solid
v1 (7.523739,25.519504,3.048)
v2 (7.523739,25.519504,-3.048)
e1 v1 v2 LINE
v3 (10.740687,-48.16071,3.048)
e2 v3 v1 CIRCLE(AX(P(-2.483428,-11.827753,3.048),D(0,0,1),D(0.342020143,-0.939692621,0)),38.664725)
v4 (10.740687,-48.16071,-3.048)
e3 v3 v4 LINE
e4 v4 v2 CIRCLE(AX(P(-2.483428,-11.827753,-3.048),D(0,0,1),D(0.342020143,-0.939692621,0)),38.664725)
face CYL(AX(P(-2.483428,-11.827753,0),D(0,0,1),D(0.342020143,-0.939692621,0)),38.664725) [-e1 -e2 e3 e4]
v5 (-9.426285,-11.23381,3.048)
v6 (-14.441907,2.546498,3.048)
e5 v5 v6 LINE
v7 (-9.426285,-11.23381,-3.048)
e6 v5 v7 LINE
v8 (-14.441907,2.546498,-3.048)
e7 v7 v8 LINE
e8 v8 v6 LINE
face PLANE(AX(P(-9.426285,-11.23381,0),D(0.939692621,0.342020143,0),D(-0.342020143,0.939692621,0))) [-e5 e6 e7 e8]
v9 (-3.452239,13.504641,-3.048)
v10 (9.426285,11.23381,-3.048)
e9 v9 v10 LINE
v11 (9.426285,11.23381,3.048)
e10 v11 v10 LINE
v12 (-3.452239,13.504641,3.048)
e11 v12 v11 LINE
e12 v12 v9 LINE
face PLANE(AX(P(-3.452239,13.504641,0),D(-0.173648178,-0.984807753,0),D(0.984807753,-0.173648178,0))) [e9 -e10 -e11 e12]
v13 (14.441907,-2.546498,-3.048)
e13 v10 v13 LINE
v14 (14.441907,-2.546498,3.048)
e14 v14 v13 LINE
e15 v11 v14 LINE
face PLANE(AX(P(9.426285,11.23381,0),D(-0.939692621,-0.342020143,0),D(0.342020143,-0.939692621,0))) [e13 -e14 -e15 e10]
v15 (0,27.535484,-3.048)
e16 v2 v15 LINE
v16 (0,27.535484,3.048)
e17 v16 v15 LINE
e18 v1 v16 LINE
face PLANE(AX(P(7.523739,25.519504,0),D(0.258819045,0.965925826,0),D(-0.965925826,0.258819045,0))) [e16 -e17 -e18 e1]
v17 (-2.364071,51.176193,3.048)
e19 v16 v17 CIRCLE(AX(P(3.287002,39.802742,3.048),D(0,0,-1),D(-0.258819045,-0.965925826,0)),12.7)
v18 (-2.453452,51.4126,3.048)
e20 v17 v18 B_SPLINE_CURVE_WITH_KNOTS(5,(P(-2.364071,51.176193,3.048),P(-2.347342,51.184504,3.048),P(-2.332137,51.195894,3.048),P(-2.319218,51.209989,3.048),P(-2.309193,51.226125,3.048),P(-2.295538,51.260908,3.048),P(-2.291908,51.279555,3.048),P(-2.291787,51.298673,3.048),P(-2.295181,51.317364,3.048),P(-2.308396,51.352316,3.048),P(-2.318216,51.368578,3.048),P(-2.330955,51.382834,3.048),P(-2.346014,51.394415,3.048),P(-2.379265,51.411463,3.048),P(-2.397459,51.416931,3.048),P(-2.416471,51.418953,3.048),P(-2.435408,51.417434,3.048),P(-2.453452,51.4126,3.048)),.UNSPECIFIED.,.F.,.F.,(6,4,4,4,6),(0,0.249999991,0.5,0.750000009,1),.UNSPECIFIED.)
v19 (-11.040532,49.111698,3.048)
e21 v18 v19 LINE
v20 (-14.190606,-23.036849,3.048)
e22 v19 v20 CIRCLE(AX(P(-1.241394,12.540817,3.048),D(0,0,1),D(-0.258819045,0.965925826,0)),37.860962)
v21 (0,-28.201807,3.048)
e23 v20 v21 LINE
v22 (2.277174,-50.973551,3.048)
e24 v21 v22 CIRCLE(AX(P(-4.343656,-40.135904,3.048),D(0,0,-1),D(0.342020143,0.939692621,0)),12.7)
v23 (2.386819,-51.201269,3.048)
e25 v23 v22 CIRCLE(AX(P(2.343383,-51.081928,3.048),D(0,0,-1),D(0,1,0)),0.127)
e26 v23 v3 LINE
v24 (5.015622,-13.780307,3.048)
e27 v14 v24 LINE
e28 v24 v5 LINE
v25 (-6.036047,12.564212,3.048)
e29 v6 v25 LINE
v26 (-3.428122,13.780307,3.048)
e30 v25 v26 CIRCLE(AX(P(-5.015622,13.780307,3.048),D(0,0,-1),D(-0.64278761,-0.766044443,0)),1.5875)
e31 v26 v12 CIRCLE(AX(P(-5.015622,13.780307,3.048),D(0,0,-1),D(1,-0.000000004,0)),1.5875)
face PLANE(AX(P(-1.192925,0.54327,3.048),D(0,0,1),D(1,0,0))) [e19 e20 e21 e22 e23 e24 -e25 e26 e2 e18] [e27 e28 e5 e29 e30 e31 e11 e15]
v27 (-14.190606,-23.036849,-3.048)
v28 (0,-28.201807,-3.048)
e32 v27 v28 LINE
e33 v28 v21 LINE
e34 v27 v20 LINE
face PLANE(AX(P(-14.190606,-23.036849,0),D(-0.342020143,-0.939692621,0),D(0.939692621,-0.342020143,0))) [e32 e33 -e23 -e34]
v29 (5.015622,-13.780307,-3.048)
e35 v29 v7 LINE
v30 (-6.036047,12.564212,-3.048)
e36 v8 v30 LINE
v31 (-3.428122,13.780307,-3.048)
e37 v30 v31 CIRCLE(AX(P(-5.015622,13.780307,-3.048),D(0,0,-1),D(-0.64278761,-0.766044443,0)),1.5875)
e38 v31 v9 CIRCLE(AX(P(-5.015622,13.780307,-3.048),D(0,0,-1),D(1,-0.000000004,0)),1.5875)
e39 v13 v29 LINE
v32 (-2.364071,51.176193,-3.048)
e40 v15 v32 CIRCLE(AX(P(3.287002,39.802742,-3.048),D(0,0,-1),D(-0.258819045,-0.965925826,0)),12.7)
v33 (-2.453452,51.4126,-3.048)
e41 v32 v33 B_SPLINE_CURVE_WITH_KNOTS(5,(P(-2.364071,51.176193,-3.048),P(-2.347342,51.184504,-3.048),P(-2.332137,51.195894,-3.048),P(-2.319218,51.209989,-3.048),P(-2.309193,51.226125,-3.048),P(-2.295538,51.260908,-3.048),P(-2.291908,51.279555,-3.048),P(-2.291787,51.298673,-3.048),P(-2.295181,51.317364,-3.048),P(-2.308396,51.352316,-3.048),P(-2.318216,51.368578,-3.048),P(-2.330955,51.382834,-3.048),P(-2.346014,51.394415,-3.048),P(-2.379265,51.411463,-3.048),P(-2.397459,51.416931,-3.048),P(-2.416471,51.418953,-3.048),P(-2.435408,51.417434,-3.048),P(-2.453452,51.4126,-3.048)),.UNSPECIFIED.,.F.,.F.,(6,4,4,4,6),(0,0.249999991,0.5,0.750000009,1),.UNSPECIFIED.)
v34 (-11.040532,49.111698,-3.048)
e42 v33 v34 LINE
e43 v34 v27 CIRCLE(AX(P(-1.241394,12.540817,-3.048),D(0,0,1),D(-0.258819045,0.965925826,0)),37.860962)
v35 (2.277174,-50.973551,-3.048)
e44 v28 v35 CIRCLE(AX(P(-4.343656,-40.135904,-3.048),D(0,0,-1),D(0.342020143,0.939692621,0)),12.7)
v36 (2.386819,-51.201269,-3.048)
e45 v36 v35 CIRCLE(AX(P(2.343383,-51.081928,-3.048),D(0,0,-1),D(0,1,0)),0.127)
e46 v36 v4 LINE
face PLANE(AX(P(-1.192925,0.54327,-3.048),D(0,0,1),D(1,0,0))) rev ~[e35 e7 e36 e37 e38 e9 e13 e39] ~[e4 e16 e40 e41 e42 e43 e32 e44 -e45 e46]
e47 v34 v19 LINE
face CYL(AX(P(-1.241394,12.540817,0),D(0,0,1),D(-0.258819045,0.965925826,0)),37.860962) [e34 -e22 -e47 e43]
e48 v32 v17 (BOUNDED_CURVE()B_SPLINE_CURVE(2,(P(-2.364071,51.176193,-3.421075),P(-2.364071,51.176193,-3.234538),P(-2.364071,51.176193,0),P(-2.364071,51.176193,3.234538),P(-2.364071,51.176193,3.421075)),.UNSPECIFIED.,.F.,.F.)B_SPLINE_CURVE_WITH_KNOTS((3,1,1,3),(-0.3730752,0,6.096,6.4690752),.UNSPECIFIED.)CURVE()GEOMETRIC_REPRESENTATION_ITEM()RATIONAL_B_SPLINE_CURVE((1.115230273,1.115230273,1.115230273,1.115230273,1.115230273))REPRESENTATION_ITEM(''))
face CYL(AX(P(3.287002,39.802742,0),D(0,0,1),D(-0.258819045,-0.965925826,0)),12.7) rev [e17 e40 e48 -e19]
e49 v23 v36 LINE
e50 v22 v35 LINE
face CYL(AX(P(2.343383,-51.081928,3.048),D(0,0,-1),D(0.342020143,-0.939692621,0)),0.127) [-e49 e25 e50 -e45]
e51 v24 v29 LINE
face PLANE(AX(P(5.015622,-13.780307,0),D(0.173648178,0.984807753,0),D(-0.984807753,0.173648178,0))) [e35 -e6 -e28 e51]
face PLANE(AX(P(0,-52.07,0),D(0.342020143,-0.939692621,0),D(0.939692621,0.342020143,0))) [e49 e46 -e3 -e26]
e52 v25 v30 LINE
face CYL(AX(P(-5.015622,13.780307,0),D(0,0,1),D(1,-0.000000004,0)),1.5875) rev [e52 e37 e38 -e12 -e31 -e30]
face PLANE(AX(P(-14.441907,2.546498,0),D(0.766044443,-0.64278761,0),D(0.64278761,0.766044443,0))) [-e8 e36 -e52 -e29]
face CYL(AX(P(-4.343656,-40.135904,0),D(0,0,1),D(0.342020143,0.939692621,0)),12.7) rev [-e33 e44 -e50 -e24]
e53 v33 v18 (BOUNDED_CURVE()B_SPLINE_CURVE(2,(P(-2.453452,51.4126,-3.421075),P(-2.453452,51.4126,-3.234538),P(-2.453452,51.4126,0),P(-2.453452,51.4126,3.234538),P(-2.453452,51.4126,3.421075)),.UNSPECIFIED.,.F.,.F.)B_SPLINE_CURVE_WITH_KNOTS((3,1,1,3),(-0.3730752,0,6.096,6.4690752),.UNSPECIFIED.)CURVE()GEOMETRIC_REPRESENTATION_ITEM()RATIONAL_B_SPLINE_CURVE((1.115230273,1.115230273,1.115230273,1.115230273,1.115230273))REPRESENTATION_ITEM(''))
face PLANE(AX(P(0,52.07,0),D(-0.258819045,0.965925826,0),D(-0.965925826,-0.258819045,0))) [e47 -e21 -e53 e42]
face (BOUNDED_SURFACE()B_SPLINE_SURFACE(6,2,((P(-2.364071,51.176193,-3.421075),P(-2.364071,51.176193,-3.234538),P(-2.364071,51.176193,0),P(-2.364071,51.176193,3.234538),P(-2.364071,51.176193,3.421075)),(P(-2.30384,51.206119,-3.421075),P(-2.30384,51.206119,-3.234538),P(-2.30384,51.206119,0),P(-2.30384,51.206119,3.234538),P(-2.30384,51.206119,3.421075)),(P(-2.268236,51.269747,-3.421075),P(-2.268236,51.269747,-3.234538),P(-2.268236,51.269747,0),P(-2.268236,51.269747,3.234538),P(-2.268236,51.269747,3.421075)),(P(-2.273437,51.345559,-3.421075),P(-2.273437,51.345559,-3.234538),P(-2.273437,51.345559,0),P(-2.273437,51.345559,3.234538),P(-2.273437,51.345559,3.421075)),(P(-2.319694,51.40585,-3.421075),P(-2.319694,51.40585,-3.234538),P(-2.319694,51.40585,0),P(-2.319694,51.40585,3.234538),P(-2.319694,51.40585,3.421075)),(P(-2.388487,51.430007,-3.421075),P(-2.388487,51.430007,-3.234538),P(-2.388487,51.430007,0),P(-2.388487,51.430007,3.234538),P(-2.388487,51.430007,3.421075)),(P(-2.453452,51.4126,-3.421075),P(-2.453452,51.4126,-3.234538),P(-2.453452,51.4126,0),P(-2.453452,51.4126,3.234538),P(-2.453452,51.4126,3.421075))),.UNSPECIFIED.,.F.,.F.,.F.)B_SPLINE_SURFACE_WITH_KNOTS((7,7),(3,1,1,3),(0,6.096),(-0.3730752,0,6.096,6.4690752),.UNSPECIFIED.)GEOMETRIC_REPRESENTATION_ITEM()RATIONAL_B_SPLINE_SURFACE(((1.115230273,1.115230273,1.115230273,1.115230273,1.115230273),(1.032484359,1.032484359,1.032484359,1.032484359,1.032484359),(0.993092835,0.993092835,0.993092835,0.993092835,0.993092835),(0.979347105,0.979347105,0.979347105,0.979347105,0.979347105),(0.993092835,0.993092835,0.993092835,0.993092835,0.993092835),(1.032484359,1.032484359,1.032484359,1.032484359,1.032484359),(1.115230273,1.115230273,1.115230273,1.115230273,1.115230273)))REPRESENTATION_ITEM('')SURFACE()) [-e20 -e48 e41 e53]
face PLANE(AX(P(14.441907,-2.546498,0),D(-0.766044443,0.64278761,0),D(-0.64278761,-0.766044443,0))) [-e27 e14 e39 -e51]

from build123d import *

# Parameters (mm, degrees)
BOSS_EXTRUDE1_DEPTH = 3.048
FILLET1_R           = 0.127


with BuildPart() as part:
    # Sketch1 → Boss-Extrude1 (new body, symmetric)
    with BuildSketch(Plane.XY):
        with BuildLine():
            ThreePointArc((0, 27.535484012), (-9.412998127, 39.802742006), (0, 52.07))
            Line((0, 52.07), (-11.040532194, 49.111698314))
            ThreePointArc((-11.040532194, 49.111698314), (-39.066320922, 14.192289272), (-14.190605813, -23.03684931))
            Line((-14.190605813, -23.03684931), (0, -28.201807432))
            ThreePointArc((0, -28.201807432), (8.35634418, -40.135903716), (0, -52.07))
            Line((0, -52.07), (10.740686656, -48.160709762))
            ThreePointArc((10.740686656, -48.160709762), (36.144496882, -10.141220984), (7.52373904, 25.519504212))
            Line((7.52373904, 25.519504212), (0, 27.535484012))
        make_face()
        with BuildLine():
            Line((-14.441907141, 2.546497882), (-6.036047045, 12.564211851))
            ThreePointArc((-6.036047045, 12.564211851), (-5.686528205, 15.219071016), (-3.428121714, 13.780307404))
            ThreePointArc((-3.428121714, 13.780307404), (-3.434162631, 13.641947663), (-3.452239406, 13.504640922))
            Line((-3.452239406, 13.504640922), (9.426285427, 11.233809522))
            Line((9.426285427, 11.233809522), (14.441907141, -2.546497882))
            Line((14.441907141, -2.546497882), (5.015621714, -13.780307404))
            Line((5.015621714, -13.780307404), (-9.426285427, -11.233809522))
            Line((-9.426285427, -11.233809522), (-14.441907141, 2.546497882))
        make_face(mode=Mode.SUBTRACT)
    extrude(amount=BOSS_EXTRUDE1_DEPTH, both=True)

    # Fillet1
    fillet1_edges = [part.edges().sort_by_distance(p)[0] for p in [
        (0, 52.07, 0),
        (0, -52.07, 0),
    ]]
    fillet(fillet1_edges, radius=FILLET1_R)


solid = part.part
